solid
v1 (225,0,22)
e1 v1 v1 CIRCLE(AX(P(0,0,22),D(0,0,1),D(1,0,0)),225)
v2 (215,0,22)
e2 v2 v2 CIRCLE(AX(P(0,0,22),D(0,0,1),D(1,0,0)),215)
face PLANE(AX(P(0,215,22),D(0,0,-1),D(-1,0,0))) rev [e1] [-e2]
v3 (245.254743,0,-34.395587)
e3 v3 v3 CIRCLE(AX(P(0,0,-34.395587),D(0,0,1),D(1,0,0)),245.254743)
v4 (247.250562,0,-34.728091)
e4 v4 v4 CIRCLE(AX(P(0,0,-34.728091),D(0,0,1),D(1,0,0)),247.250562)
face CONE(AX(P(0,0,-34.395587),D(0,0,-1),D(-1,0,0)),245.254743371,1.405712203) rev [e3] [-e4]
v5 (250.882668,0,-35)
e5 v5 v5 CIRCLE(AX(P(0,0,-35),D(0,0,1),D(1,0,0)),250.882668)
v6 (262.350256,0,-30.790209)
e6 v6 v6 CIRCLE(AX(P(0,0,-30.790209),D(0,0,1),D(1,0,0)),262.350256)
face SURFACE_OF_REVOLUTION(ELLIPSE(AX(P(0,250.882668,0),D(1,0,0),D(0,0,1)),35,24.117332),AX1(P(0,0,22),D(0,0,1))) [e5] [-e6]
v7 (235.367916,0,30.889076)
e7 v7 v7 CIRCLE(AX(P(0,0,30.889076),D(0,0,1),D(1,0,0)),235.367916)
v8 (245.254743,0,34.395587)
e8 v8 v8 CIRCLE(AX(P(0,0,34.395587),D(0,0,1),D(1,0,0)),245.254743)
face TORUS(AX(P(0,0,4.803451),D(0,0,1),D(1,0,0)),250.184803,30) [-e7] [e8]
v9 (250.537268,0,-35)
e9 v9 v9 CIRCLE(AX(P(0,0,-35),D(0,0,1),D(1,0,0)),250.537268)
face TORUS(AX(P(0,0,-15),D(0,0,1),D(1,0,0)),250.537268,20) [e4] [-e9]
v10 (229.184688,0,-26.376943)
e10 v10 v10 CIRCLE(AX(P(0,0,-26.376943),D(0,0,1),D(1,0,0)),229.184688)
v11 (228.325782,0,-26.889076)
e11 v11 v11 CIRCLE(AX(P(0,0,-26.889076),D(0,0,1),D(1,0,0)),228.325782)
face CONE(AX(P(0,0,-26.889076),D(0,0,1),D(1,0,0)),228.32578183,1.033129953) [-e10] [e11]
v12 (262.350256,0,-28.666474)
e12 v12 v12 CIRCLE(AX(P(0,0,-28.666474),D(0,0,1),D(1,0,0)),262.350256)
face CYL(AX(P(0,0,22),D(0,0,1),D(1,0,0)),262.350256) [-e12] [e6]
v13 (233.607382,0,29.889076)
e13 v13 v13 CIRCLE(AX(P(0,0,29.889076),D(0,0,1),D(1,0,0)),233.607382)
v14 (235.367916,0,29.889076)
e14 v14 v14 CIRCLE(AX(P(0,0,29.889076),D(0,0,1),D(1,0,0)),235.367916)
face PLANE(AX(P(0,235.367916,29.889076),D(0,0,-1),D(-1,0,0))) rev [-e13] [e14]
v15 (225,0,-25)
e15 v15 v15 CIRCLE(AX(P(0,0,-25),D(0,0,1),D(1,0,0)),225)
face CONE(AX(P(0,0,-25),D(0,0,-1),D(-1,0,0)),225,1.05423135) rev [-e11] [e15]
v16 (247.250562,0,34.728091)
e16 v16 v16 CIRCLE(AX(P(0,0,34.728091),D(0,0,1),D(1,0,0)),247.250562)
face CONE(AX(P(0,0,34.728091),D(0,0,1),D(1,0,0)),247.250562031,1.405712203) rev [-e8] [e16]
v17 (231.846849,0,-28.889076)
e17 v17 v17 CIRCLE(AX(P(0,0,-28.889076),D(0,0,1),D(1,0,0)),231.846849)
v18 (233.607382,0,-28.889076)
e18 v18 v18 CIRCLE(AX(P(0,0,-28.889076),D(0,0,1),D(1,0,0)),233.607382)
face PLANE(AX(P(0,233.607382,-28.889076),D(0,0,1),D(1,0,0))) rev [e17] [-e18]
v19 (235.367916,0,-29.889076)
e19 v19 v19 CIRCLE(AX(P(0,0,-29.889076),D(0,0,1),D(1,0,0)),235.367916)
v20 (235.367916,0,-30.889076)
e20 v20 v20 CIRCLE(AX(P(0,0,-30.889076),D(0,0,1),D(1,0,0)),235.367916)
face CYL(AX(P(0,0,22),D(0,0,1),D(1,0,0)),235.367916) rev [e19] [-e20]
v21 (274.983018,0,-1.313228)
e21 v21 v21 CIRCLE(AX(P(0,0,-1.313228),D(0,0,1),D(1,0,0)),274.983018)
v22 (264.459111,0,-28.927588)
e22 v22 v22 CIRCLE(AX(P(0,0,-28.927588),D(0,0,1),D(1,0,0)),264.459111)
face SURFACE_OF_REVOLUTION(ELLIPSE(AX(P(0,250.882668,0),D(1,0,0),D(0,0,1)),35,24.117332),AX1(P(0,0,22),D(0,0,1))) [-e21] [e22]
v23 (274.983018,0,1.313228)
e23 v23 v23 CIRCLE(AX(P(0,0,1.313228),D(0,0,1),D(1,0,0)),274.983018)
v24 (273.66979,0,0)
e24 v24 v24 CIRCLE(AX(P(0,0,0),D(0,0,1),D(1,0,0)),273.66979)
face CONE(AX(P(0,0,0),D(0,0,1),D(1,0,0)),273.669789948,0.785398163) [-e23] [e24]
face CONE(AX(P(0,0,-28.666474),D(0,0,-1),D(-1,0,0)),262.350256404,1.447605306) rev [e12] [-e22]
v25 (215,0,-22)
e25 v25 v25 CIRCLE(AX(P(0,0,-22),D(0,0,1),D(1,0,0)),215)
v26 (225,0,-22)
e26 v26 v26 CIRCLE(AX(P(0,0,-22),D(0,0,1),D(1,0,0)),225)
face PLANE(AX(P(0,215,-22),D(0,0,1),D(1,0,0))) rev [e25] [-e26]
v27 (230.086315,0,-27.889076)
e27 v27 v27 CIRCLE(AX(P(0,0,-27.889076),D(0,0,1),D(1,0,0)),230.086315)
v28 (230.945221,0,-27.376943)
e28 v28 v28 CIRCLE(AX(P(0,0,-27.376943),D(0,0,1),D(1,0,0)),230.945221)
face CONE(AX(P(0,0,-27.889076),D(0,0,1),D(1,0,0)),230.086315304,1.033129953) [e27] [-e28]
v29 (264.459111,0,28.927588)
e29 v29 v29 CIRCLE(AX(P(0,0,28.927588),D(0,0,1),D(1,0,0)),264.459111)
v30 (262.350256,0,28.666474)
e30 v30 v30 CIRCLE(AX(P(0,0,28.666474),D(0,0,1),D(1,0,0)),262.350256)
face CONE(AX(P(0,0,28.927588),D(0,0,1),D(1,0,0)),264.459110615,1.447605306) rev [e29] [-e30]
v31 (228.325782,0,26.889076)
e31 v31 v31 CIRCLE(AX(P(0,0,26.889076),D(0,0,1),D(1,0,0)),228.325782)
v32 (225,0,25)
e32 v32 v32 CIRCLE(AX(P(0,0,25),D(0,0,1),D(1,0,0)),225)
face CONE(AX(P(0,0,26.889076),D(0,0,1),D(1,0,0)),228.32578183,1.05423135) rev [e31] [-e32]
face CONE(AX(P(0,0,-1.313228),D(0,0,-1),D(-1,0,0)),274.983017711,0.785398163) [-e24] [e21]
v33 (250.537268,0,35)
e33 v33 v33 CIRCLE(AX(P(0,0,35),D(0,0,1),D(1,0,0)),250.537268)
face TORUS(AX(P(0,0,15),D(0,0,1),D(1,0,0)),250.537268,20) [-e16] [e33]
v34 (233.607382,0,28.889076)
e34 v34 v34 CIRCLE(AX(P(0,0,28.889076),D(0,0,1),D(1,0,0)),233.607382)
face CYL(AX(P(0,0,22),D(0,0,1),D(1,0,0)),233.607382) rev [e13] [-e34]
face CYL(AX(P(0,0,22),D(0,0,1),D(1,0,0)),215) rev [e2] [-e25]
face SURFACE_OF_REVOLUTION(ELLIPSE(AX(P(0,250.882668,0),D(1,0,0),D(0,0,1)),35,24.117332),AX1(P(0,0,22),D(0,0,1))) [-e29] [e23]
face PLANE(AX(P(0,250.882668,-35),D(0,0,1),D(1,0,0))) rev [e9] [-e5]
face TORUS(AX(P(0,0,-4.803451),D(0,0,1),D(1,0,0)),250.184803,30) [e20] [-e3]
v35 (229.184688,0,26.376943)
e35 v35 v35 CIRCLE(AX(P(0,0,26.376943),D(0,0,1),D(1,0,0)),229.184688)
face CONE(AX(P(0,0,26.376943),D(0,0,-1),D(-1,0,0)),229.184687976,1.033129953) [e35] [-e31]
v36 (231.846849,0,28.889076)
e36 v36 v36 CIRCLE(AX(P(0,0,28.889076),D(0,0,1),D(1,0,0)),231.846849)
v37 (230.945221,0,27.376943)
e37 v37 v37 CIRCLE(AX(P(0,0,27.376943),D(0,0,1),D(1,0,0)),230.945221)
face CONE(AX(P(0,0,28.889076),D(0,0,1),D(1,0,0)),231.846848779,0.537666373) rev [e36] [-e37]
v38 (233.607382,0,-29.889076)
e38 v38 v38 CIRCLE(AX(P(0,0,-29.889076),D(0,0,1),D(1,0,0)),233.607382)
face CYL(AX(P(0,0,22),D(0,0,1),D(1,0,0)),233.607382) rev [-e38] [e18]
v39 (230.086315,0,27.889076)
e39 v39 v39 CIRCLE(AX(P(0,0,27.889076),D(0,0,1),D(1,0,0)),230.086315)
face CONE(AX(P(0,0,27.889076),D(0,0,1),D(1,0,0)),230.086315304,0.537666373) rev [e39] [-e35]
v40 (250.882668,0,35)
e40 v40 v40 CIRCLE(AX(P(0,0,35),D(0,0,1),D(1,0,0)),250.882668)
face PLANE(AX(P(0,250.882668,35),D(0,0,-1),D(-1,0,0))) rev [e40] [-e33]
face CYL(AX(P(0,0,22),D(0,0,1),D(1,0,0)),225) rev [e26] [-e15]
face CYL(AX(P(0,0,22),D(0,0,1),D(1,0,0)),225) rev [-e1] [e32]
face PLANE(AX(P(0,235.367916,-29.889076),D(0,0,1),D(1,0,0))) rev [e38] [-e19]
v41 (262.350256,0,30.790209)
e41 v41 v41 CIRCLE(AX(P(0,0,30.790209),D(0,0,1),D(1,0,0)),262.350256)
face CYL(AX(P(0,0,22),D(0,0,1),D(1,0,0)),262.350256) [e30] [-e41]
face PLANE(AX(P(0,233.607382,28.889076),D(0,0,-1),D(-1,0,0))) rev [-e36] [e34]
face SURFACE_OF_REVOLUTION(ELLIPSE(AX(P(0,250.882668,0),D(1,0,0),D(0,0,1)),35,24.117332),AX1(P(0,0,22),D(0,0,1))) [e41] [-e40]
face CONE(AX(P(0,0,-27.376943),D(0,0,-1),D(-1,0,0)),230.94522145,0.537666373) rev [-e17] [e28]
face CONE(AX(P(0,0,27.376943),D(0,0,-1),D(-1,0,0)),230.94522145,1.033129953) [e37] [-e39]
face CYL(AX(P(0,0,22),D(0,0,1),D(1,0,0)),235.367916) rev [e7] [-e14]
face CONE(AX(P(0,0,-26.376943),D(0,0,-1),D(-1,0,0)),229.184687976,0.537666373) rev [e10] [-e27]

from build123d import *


with BuildPart() as part:
    # Эскиз2 → Повернуть1 (revolve)
    with BuildSketch(Plane(origin=(0, 0, 0), x_dir=(0, 0, -1), z_dir=(1, 0, 0)), mode=Mode.PRIVATE) as revolve_1_sk:
        with BuildLine():
            Line((0, 273.669789948), (-1.313227763, 274.983017711))
            add(Edge.make_bspline(
                [(-1.313227763, 274.983017711), (-18.97703865, 274.526009967), (-28.927587945, 264.459110615)],
                knots=[4.749918583, 4.749918583, 4.749918583, 5.685255053, 5.685255053, 5.685255053], degree=2, weights=[1, 0.892621888, 1]))
            Line((-28.927587945, 264.459110615), (-28.666473811, 262.350256404))
            Line((-28.666473811, 262.350256404), (-30.790209286, 262.350256404))
            add(Edge.make_bspline(
                [(-30.790209286, 262.350256404), (-35, 256.983356638), (-35, 250.882667615)],
                knots=[5.787662554, 5.787662554, 5.787662554, 6.283185307, 6.283185307, 6.283185307], degree=2, weights=[1, 0.969463838, 1]))
            Line((-35, 250.882667615), (-35, 250.537268265))
            ThreePointArc((-35, 250.537268265), (-34.931906754, 248.888300971), (-34.728090687, 247.250562031))
            Line((-34.728090687, 247.250562031), (-34.395586658, 245.254743371))
            ThreePointArc((-34.395586658, 245.254743371), (-33.077831675, 240.156872904), (-30.889076168, 235.367915727))
            Line((-30.889076168, 235.367915727), (-29.889076168, 235.367915727))
            Line((-29.889076168, 235.367915727), (-29.889076168, 233.607382253))
            Line((-29.889076168, 233.607382253), (-28.889076168, 233.607382253))
            Line((-28.889076168, 233.607382253), (-28.889076168, 231.846848779))
            Line((-28.889076168, 231.846848779), (-27.376943146, 230.94522145))
            Line((-27.376943146, 230.94522145), (-27.889076168, 230.086315304))
            Line((-27.889076168, 230.086315304), (-26.376943146, 229.184687976))
            Line((-26.376943146, 229.184687976), (-26.889076168, 228.32578183))
            Line((-26.889076168, 228.32578183), (-25, 225))
            Line((-25, 225), (-22, 225))
            Line((-22, 225), (-22, 215))
            Line((-22, 215), (22, 215))
            Line((22, 215), (22, 225))
            Line((22, 225), (25, 225))
            Line((25, 225), (26.889076168, 228.32578183))
            Line((26.889076168, 228.32578183), (26.376943146, 229.184687976))
            Line((26.376943146, 229.184687976), (27.889076168, 230.086315304))
            Line((27.889076168, 230.086315304), (27.376943146, 230.94522145))
            Line((27.376943146, 230.94522145), (28.889076168, 231.846848779))
            Line((28.889076168, 231.846848779), (28.889076168, 233.607382253))
            Line((28.889076168, 233.607382253), (29.889076168, 233.607382253))
            Line((29.889076168, 233.607382253), (29.889076168, 235.367915727))
            Line((29.889076168, 235.367915727), (30.889076168, 235.367915727))
            ThreePointArc((30.889076168, 235.367915727), (33.077831675, 240.156872904), (34.395586658, 245.254743371))
            Line((34.395586658, 245.254743371), (34.728090687, 247.250562031))
            ThreePointArc((34.728090687, 247.250562031), (34.931906754, 248.888300971), (35, 250.537268265))
            Line((35, 250.537268265), (35, 250.882667615))
            add(Edge.make_bspline(
                [(35, 250.882667615), (35, 256.983356638), (30.790209286, 262.350256404)],
                knots=[3.141592654, 3.141592654, 3.141592654, 3.637115407, 3.637115407, 3.637115407], degree=2, weights=[1, 0.969463838, 1]))
            Line((30.790209286, 262.350256404), (28.666473811, 262.350256404))
            Line((28.666473811, 262.350256404), (28.927587945, 264.459110615))
            add(Edge.make_bspline(
                [(28.927587945, 264.459110615), (18.97703865, 274.526009967), (1.313227763, 274.983017711)],
                knots=[3.739522908, 3.739522908, 3.739522908, 4.674859378, 4.674859378, 4.674859378], degree=2, weights=[1, 0.892621888, 1]))
            Line((1.313227763, 274.983017711), (0, 273.669789948))
        make_face()
    revolve(revolve_1_sk.sketch.rotate(Axis((0, 0, 22), (0, 0, -1)), 90), axis=Axis((0, 0, 22), (0, 0, -1)))


solid = part.part
